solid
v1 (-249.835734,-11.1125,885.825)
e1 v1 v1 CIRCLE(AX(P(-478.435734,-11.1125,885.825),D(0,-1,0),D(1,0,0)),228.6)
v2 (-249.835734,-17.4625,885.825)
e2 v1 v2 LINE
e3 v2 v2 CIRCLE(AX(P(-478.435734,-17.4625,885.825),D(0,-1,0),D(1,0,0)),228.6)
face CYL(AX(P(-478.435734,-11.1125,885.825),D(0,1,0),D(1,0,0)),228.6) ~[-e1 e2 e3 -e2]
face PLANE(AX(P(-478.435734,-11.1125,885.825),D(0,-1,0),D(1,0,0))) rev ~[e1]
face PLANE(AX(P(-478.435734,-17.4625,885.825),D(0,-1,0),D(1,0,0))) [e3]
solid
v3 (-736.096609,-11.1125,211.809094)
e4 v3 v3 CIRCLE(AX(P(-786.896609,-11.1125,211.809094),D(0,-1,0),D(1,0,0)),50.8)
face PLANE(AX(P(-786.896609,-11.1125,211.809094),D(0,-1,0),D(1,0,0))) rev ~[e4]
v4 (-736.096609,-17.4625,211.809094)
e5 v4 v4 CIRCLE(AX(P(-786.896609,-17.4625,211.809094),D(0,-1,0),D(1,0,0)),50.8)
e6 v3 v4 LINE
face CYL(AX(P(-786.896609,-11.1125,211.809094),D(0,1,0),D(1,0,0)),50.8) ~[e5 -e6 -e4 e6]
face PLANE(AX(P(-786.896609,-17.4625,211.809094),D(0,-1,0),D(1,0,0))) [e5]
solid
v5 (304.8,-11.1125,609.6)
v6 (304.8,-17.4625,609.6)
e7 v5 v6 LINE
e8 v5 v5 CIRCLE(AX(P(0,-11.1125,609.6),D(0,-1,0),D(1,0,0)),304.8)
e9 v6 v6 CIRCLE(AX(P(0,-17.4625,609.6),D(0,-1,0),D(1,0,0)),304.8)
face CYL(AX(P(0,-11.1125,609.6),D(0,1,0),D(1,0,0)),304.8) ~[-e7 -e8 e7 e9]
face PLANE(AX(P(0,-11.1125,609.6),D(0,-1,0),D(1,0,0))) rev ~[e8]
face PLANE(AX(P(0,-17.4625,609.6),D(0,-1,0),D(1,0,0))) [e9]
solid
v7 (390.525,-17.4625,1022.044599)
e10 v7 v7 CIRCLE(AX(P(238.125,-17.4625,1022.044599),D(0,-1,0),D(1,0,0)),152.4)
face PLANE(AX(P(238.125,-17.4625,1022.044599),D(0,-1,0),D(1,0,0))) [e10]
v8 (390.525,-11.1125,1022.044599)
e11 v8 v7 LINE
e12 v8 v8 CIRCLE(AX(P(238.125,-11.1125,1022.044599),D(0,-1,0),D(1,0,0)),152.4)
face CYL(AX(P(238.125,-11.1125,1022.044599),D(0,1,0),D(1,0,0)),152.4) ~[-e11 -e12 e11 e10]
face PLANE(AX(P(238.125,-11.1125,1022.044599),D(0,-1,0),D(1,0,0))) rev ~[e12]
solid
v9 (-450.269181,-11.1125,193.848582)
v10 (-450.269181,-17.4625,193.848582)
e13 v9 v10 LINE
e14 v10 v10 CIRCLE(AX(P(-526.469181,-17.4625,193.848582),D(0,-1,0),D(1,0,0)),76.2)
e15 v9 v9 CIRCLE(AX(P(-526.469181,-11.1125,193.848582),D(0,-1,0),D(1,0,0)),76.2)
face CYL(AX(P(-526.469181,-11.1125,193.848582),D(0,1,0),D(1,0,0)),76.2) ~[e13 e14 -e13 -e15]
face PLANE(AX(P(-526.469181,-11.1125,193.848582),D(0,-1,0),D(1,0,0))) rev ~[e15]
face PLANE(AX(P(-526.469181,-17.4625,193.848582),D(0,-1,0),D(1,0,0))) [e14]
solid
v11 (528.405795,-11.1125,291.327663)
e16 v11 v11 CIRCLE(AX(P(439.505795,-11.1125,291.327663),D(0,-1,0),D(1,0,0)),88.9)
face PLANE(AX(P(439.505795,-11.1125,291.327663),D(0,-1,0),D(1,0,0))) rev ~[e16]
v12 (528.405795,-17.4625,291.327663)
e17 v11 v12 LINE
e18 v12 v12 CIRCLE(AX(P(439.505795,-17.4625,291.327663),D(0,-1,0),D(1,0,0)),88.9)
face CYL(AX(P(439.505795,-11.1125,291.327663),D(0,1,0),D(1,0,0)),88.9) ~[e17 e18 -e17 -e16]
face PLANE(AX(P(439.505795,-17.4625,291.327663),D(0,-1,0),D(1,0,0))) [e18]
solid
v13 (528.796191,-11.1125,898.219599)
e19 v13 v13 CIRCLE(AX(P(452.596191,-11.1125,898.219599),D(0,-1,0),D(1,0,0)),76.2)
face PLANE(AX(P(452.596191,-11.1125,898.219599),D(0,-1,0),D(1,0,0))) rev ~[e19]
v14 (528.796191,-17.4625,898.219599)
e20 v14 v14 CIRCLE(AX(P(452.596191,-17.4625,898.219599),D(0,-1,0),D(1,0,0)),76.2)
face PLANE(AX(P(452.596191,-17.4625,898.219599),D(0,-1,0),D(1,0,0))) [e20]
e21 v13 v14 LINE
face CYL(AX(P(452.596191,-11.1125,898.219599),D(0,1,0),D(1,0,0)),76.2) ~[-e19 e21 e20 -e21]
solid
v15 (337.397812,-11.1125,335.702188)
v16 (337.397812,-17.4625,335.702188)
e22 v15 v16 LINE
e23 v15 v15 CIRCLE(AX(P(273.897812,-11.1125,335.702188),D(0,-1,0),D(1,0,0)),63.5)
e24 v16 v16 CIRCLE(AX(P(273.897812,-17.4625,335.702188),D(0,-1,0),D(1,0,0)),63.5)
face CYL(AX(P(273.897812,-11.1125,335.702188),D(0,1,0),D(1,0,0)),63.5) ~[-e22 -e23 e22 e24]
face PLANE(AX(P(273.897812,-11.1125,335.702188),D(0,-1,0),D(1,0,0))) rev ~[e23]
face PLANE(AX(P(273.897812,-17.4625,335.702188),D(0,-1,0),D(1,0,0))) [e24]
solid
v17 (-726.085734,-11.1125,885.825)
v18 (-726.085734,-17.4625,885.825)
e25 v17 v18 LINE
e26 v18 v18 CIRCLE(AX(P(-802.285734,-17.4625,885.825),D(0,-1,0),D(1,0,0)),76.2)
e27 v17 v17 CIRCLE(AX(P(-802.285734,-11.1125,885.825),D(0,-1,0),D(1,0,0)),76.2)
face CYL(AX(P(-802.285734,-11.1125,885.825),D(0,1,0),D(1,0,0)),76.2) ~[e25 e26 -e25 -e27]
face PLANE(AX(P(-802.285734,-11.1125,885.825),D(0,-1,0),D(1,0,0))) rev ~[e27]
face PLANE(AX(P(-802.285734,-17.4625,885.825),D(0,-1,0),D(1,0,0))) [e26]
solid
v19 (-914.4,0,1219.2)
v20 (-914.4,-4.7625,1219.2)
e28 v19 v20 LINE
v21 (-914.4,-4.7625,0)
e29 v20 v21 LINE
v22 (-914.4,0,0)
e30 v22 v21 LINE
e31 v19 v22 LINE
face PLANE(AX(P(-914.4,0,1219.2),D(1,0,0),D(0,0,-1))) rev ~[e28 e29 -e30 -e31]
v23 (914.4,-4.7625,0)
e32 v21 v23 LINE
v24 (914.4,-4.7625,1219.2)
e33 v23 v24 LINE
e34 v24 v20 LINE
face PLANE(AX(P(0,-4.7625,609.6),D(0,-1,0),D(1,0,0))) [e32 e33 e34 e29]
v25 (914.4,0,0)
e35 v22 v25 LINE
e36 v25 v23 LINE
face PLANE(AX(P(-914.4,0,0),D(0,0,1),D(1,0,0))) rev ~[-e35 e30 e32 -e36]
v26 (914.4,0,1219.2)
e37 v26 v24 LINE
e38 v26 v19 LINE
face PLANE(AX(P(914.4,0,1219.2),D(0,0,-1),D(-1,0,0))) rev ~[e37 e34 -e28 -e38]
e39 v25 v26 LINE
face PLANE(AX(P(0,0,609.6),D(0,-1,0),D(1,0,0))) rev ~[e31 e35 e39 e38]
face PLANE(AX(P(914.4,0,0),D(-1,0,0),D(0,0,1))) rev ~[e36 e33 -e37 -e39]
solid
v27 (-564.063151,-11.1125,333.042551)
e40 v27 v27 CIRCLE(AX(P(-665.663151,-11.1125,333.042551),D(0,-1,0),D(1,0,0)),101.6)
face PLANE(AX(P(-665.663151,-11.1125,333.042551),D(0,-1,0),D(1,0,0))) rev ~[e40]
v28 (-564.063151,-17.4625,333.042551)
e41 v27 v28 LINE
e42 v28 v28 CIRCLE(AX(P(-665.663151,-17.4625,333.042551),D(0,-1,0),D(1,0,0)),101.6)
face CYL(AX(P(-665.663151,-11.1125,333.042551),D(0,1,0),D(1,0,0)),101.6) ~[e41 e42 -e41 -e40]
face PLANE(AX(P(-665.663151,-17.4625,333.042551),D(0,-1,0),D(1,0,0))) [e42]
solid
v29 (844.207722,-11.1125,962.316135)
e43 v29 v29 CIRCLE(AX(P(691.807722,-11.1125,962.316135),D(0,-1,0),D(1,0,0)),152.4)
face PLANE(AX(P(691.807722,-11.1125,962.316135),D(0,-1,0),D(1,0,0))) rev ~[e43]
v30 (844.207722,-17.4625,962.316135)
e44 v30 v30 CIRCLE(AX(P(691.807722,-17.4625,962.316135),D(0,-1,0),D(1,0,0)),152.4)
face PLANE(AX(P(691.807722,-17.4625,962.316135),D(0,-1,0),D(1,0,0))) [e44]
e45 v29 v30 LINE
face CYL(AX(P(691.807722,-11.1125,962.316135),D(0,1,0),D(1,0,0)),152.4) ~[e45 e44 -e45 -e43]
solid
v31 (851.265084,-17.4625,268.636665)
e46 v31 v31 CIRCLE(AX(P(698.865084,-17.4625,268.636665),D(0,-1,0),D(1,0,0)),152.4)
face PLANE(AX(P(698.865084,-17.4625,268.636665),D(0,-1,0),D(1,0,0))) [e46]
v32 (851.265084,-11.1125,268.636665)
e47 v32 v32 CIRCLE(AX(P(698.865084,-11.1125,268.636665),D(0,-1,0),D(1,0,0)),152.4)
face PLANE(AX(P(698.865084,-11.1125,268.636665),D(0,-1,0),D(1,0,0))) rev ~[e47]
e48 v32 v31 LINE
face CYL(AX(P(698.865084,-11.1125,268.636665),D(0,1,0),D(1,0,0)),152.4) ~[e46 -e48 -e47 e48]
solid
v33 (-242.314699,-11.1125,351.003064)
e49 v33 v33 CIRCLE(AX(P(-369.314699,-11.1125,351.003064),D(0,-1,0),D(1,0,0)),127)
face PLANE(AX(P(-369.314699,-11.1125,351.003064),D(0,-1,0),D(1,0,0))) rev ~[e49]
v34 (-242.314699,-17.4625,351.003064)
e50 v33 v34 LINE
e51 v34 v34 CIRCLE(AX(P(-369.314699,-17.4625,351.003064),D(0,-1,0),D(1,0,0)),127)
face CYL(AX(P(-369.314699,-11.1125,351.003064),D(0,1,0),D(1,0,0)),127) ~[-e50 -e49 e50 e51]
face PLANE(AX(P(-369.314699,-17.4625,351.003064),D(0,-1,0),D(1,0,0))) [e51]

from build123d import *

# Parameters (mm, degrees)
F1_DEPTH = 4.7625
F3_R     = 304.8
F4_DEPTH = 6.35
F3_R_2   = 127
F3_R_3   = 76.2
F3_R_4   = 101.6
F3_R_5   = 50.8
F3_R_6   = 228.6
F3_R_7   = 63.5
F3_R_8   = 88.9
F3_R_9   = 152.4


with BuildPart() as f1:
    # F0 (on Front) → F1 (new body)
    with BuildSketch(Plane.XZ):
        Polygon((-914.4, 0), (0, 0), (914.4, 0), (914.4, 1219.2), (-914.4, 1219.2), align=None)
    extrude(amount=F1_DEPTH)


with BuildPart() as f4:
    # F3 (on offset) → F4 (new body)
    with BuildSketch(Plane.XZ.offset(11.1125)):
        with Locations((0, 609.6)):
            Circle(F3_R)
    extrude(amount=F4_DEPTH)


with BuildPart() as f4b:
    # F3 (on offset) → F4, piece 2 (new body)
    with BuildSketch(Plane.XZ.offset(11.1125)):
        with Locations((-369.3146991677, 351.0030636711)):
            Circle(F3_R_2)
    extrude(amount=F4_DEPTH)


with BuildPart() as f4c:
    # F3 (on offset) → F4, piece 3 (new body)
    with BuildSketch(Plane.XZ.offset(11.1125)):
        with Locations((-526.4691812864, 193.8485815524)):
            Circle(F3_R_3)
    extrude(amount=F4_DEPTH)


with BuildPart() as f4d:
    # F3 (on offset) → F4, piece 4 (new body)
    with BuildSketch(Plane.XZ.offset(11.1125)):
        with Locations((-665.663151163, 333.042551429)):
            Circle(F3_R_4)
    extrude(amount=F4_DEPTH)


with BuildPart() as f4e:
    # F3 (on offset) → F4, piece 5 (new body)
    with BuildSketch(Plane.XZ.offset(11.1125)):
        with Locations((-786.8966087974, 211.8090937946)):
            Circle(F3_R_5)
    extrude(amount=F4_DEPTH)


with BuildPart() as f4f:
    # F3 (on offset) → F4, piece 6 (new body)
    with BuildSketch(Plane.XZ.offset(11.1125)):
        with Locations((-802.2857343207, 885.825)):
            Circle(F3_R_3)
    extrude(amount=F4_DEPTH)


with BuildPart() as f4g:
    # F3 (on offset) → F4, piece 7 (new body)
    with BuildSketch(Plane.XZ.offset(11.1125)):
        with Locations((-478.4357343207, 885.825)):
            Circle(F3_R_6)
    extrude(amount=F4_DEPTH)


with BuildPart() as f4h:
    # F3 (on offset) → F4, piece 8 (new body)
    with BuildSketch(Plane.XZ.offset(11.1125)):
        with Locations((273.8978116926, 335.7021883074)):
            Circle(F3_R_7)
    extrude(amount=F4_DEPTH)


with BuildPart() as f4i:
    # F3 (on offset) → F4, piece 9 (new body)
    with BuildSketch(Plane.XZ.offset(11.1125)):
        with Locations((439.5057946099, 291.3276630246)):
            Circle(F3_R_8)
    extrude(amount=F4_DEPTH)


with BuildPart() as f4j:
    # F3 (on offset) → F4, piece 10 (new body)
    with BuildSketch(Plane.XZ.offset(11.1125)):
        with Locations((698.8650842581, 268.6366654002)):
            Circle(F3_R_9)
    extrude(amount=F4_DEPTH)


with BuildPart() as f4k:
    # F3 (on offset) → F4, piece 11 (new body)
    with BuildSketch(Plane.XZ.offset(11.1125)):
        with Locations((238.125, 1022.0445985523)):
            Circle(F3_R_9)
    extrude(amount=F4_DEPTH)


with BuildPart() as f4l:
    # F3 (on offset) → F4, piece 12 (new body)
    with BuildSketch(Plane.XZ.offset(11.1125)):
        with Locations((452.5961912472, 898.2195985523)):
            Circle(F3_R_3)
    extrude(amount=F4_DEPTH)


with BuildPart() as f4m:
    # F3 (on offset) → F4, piece 13 (new body)
    with BuildSketch(Plane.XZ.offset(11.1125)):
        with Locations((691.8077221277, 962.316135072)):
            Circle(F3_R_9)
    extrude(amount=F4_DEPTH)


solid = Compound([f1.part, f4.part, f4b.part, f4c.part, f4d.part, f4e.part, f4f.part, f4g.part, f4h.part, f4i.part, f4j.part, f4k.part, f4l.part, f4m.part])
